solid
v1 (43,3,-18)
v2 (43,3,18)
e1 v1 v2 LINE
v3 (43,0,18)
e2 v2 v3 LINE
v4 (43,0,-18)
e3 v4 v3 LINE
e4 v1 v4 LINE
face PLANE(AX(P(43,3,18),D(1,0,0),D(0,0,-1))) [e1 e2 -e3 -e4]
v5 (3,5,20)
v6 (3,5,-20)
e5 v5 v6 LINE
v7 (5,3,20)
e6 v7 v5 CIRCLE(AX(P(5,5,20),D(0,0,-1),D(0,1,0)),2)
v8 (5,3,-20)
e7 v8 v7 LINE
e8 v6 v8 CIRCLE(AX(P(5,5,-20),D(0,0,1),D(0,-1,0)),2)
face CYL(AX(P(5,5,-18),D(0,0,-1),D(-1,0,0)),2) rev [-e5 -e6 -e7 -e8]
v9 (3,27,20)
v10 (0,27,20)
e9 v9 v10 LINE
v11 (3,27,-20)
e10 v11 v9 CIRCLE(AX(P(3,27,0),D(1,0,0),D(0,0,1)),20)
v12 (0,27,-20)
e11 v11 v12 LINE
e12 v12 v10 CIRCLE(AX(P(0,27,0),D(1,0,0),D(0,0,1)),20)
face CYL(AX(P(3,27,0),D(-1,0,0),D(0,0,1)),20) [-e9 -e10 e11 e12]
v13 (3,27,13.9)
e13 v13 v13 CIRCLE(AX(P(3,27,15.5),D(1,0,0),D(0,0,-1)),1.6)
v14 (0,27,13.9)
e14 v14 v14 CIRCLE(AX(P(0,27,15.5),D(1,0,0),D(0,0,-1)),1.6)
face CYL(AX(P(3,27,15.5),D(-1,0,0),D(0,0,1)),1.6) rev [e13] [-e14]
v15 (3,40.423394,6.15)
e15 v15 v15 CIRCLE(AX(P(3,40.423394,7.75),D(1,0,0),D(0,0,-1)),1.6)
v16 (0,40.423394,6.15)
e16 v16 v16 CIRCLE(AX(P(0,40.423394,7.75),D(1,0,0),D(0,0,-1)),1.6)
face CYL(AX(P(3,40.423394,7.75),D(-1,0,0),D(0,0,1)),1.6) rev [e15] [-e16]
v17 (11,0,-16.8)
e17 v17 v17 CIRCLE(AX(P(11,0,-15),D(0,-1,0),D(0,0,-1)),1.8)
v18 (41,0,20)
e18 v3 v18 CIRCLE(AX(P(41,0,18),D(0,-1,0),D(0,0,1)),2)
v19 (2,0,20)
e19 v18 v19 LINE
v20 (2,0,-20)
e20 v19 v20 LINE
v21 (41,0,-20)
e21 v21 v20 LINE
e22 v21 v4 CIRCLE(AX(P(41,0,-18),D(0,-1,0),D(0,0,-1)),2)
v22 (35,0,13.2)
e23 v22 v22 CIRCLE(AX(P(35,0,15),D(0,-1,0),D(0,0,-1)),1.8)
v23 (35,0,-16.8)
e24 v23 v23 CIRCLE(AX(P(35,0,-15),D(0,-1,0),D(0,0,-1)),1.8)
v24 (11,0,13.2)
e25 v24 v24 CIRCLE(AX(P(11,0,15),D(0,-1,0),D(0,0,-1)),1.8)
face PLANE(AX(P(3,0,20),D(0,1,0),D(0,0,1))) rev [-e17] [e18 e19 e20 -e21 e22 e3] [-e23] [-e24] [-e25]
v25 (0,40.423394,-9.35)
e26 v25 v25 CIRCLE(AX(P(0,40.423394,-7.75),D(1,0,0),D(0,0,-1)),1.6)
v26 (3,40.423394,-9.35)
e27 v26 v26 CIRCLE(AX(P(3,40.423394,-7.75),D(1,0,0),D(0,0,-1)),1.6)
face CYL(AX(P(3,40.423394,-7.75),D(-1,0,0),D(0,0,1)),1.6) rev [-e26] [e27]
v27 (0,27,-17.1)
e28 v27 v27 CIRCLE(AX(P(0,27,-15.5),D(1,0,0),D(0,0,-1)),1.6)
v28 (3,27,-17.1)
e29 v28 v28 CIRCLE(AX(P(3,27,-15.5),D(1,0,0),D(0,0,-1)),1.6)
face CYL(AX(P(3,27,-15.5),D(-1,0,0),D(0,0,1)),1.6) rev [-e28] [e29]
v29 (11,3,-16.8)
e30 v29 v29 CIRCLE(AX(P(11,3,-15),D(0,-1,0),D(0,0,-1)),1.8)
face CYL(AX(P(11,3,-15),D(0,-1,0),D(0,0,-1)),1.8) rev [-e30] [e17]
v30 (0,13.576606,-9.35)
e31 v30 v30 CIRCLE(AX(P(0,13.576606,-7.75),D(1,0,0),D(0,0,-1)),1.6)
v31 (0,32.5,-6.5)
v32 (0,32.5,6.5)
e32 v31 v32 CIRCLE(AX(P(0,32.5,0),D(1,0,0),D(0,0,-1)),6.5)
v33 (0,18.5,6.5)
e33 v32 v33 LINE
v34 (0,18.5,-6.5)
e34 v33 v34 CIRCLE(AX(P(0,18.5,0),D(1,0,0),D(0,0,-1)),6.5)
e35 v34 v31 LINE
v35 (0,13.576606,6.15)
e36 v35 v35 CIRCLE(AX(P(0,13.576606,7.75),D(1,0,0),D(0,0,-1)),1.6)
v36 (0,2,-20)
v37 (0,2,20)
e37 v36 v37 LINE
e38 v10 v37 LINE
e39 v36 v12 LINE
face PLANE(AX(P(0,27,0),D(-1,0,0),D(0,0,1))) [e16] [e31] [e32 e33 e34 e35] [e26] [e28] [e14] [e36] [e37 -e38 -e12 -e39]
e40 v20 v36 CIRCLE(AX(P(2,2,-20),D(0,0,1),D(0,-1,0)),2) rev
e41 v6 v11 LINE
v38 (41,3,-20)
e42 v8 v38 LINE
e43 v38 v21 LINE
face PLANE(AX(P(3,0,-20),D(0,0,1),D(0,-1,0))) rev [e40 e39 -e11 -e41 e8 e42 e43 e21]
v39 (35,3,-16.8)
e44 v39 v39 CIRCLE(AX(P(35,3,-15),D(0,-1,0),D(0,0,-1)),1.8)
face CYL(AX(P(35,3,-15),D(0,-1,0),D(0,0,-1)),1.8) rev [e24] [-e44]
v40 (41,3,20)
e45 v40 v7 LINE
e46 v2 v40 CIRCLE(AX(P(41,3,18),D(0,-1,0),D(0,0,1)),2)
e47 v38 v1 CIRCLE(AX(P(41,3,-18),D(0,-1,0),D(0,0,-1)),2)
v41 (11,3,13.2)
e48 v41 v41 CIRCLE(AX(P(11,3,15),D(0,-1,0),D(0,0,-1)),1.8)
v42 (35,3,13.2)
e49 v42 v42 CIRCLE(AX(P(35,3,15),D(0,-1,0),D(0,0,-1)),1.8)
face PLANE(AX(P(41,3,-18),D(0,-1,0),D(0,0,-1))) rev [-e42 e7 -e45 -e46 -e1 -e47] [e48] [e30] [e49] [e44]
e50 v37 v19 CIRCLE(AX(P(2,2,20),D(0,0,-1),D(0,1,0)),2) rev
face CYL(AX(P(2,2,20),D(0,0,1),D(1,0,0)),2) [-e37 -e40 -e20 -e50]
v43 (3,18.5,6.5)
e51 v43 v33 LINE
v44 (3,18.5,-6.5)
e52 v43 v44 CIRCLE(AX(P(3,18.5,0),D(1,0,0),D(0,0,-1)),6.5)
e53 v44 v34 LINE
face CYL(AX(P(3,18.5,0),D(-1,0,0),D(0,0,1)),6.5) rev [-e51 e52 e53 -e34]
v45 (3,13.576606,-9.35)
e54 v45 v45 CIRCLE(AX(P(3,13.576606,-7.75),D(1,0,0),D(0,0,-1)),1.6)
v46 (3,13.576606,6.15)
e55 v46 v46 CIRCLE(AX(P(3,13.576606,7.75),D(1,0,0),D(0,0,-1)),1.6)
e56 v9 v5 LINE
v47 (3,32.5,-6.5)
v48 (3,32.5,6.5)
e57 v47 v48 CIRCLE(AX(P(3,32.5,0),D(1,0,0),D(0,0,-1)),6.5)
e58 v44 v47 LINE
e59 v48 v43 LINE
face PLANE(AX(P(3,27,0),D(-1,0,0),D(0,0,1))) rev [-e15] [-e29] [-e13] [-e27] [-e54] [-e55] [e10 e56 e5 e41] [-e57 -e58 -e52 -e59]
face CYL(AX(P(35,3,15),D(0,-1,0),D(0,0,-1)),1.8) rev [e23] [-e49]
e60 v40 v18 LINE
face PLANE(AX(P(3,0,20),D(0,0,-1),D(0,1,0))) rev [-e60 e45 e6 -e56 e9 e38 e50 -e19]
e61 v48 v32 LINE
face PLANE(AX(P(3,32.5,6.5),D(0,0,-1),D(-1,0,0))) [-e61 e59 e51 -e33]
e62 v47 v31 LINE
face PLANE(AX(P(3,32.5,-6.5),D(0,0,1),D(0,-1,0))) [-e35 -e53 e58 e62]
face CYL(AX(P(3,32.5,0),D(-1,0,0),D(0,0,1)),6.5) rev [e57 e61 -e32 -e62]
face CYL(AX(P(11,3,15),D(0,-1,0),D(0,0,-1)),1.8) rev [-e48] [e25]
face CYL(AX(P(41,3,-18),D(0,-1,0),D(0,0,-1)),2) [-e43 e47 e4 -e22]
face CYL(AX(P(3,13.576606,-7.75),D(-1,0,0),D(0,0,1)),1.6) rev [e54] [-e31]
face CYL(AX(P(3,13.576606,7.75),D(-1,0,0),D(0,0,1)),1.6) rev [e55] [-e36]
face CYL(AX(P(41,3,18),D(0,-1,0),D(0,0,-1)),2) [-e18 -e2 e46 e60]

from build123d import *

# Parameters (mm, degrees)
SKETCH_1_R      = 1.6
EXTRUDE_1_DEPTH = 3
SKETCH_2_R      = 1.8
EXTRUDE_2_DEPTH = 3
FILLET_1_R      = 2


with BuildPart() as part:
    # 草图1 → 凸台-拉伸1 (new body)
    with BuildSketch(Plane(origin=(0, 0, 0), x_dir=(0, 0, -1), z_dir=(1, 0, 0))):
        with BuildLine():
            Line((-20, 0), (20, 0))
            Line((20, 0), (20, 27))
            ThreePointArc((20, 27), (0, 47), (-20, 27))
            Line((-20, 27), (-20, 0))
        make_face()
        with Locations((-7.75, 40.423393759)):
            Circle(SKETCH_1_R, mode=Mode.SUBTRACT)
        with Locations((7.75, 40.423393759)):
            Circle(SKETCH_1_R, mode=Mode.SUBTRACT)
        with Locations((15.5, 27)):
            Circle(SKETCH_1_R, mode=Mode.SUBTRACT)
        with Locations((7.75, 13.576606241)):
            Circle(SKETCH_1_R, mode=Mode.SUBTRACT)
        with Locations((-7.75, 13.576606241)):
            Circle(SKETCH_1_R, mode=Mode.SUBTRACT)
        with Locations((-15.5, 27)):
            Circle(SKETCH_1_R, mode=Mode.SUBTRACT)
        with BuildLine():
            Line((6.5, 32.5), (6.5, 18.5))
            ThreePointArc((6.5, 18.5), (0, 12), (-6.5, 18.5))
            Line((-6.5, 18.5), (-6.5, 32.5))
            ThreePointArc((-6.5, 32.5), (0, 39), (6.5, 32.5))
        make_face(mode=Mode.SUBTRACT)
    extrude(amount=EXTRUDE_1_DEPTH)

    # 草图2 → 凸台-拉伸2 (add)
    with BuildSketch(Plane.XZ):
        with BuildLine():
            Line((0, 20), (41, 20))
            ThreePointArc((41, 20), (42.414213562, 19.414213562), (43, 18))
            Line((43, 18), (43, -18))
            ThreePointArc((43, -18), (42.414213562, -19.414213562), (41, -20))
            Line((41, -20), (0, -20))
            Line((0, -20), (0, 20))
        make_face()
        with Locations(Location((11, 15, 0), (0, 0, 270))):
            Circle(SKETCH_2_R, mode=Mode.SUBTRACT)
        with Locations(Location((35, 15, 0), (0, 0, 270))):
            Circle(SKETCH_2_R, mode=Mode.SUBTRACT)
        with Locations(Location((11, -15, 0), (0, 0, 270))):
            Circle(SKETCH_2_R, mode=Mode.SUBTRACT)
        with Locations(Location((35, -15, 0), (0, 0, 270))):
            Circle(SKETCH_2_R, mode=Mode.SUBTRACT)
    extrude(amount=-EXTRUDE_2_DEPTH)

    # 圆角1
    fillet_1_edges = [part.edges().sort_by_distance(p)[0] for p in [
        (0, 0, 0),
        (3, 3, 0),
    ]]
    fillet(fillet_1_edges, radius=FILLET_1_R)


solid = part.part
